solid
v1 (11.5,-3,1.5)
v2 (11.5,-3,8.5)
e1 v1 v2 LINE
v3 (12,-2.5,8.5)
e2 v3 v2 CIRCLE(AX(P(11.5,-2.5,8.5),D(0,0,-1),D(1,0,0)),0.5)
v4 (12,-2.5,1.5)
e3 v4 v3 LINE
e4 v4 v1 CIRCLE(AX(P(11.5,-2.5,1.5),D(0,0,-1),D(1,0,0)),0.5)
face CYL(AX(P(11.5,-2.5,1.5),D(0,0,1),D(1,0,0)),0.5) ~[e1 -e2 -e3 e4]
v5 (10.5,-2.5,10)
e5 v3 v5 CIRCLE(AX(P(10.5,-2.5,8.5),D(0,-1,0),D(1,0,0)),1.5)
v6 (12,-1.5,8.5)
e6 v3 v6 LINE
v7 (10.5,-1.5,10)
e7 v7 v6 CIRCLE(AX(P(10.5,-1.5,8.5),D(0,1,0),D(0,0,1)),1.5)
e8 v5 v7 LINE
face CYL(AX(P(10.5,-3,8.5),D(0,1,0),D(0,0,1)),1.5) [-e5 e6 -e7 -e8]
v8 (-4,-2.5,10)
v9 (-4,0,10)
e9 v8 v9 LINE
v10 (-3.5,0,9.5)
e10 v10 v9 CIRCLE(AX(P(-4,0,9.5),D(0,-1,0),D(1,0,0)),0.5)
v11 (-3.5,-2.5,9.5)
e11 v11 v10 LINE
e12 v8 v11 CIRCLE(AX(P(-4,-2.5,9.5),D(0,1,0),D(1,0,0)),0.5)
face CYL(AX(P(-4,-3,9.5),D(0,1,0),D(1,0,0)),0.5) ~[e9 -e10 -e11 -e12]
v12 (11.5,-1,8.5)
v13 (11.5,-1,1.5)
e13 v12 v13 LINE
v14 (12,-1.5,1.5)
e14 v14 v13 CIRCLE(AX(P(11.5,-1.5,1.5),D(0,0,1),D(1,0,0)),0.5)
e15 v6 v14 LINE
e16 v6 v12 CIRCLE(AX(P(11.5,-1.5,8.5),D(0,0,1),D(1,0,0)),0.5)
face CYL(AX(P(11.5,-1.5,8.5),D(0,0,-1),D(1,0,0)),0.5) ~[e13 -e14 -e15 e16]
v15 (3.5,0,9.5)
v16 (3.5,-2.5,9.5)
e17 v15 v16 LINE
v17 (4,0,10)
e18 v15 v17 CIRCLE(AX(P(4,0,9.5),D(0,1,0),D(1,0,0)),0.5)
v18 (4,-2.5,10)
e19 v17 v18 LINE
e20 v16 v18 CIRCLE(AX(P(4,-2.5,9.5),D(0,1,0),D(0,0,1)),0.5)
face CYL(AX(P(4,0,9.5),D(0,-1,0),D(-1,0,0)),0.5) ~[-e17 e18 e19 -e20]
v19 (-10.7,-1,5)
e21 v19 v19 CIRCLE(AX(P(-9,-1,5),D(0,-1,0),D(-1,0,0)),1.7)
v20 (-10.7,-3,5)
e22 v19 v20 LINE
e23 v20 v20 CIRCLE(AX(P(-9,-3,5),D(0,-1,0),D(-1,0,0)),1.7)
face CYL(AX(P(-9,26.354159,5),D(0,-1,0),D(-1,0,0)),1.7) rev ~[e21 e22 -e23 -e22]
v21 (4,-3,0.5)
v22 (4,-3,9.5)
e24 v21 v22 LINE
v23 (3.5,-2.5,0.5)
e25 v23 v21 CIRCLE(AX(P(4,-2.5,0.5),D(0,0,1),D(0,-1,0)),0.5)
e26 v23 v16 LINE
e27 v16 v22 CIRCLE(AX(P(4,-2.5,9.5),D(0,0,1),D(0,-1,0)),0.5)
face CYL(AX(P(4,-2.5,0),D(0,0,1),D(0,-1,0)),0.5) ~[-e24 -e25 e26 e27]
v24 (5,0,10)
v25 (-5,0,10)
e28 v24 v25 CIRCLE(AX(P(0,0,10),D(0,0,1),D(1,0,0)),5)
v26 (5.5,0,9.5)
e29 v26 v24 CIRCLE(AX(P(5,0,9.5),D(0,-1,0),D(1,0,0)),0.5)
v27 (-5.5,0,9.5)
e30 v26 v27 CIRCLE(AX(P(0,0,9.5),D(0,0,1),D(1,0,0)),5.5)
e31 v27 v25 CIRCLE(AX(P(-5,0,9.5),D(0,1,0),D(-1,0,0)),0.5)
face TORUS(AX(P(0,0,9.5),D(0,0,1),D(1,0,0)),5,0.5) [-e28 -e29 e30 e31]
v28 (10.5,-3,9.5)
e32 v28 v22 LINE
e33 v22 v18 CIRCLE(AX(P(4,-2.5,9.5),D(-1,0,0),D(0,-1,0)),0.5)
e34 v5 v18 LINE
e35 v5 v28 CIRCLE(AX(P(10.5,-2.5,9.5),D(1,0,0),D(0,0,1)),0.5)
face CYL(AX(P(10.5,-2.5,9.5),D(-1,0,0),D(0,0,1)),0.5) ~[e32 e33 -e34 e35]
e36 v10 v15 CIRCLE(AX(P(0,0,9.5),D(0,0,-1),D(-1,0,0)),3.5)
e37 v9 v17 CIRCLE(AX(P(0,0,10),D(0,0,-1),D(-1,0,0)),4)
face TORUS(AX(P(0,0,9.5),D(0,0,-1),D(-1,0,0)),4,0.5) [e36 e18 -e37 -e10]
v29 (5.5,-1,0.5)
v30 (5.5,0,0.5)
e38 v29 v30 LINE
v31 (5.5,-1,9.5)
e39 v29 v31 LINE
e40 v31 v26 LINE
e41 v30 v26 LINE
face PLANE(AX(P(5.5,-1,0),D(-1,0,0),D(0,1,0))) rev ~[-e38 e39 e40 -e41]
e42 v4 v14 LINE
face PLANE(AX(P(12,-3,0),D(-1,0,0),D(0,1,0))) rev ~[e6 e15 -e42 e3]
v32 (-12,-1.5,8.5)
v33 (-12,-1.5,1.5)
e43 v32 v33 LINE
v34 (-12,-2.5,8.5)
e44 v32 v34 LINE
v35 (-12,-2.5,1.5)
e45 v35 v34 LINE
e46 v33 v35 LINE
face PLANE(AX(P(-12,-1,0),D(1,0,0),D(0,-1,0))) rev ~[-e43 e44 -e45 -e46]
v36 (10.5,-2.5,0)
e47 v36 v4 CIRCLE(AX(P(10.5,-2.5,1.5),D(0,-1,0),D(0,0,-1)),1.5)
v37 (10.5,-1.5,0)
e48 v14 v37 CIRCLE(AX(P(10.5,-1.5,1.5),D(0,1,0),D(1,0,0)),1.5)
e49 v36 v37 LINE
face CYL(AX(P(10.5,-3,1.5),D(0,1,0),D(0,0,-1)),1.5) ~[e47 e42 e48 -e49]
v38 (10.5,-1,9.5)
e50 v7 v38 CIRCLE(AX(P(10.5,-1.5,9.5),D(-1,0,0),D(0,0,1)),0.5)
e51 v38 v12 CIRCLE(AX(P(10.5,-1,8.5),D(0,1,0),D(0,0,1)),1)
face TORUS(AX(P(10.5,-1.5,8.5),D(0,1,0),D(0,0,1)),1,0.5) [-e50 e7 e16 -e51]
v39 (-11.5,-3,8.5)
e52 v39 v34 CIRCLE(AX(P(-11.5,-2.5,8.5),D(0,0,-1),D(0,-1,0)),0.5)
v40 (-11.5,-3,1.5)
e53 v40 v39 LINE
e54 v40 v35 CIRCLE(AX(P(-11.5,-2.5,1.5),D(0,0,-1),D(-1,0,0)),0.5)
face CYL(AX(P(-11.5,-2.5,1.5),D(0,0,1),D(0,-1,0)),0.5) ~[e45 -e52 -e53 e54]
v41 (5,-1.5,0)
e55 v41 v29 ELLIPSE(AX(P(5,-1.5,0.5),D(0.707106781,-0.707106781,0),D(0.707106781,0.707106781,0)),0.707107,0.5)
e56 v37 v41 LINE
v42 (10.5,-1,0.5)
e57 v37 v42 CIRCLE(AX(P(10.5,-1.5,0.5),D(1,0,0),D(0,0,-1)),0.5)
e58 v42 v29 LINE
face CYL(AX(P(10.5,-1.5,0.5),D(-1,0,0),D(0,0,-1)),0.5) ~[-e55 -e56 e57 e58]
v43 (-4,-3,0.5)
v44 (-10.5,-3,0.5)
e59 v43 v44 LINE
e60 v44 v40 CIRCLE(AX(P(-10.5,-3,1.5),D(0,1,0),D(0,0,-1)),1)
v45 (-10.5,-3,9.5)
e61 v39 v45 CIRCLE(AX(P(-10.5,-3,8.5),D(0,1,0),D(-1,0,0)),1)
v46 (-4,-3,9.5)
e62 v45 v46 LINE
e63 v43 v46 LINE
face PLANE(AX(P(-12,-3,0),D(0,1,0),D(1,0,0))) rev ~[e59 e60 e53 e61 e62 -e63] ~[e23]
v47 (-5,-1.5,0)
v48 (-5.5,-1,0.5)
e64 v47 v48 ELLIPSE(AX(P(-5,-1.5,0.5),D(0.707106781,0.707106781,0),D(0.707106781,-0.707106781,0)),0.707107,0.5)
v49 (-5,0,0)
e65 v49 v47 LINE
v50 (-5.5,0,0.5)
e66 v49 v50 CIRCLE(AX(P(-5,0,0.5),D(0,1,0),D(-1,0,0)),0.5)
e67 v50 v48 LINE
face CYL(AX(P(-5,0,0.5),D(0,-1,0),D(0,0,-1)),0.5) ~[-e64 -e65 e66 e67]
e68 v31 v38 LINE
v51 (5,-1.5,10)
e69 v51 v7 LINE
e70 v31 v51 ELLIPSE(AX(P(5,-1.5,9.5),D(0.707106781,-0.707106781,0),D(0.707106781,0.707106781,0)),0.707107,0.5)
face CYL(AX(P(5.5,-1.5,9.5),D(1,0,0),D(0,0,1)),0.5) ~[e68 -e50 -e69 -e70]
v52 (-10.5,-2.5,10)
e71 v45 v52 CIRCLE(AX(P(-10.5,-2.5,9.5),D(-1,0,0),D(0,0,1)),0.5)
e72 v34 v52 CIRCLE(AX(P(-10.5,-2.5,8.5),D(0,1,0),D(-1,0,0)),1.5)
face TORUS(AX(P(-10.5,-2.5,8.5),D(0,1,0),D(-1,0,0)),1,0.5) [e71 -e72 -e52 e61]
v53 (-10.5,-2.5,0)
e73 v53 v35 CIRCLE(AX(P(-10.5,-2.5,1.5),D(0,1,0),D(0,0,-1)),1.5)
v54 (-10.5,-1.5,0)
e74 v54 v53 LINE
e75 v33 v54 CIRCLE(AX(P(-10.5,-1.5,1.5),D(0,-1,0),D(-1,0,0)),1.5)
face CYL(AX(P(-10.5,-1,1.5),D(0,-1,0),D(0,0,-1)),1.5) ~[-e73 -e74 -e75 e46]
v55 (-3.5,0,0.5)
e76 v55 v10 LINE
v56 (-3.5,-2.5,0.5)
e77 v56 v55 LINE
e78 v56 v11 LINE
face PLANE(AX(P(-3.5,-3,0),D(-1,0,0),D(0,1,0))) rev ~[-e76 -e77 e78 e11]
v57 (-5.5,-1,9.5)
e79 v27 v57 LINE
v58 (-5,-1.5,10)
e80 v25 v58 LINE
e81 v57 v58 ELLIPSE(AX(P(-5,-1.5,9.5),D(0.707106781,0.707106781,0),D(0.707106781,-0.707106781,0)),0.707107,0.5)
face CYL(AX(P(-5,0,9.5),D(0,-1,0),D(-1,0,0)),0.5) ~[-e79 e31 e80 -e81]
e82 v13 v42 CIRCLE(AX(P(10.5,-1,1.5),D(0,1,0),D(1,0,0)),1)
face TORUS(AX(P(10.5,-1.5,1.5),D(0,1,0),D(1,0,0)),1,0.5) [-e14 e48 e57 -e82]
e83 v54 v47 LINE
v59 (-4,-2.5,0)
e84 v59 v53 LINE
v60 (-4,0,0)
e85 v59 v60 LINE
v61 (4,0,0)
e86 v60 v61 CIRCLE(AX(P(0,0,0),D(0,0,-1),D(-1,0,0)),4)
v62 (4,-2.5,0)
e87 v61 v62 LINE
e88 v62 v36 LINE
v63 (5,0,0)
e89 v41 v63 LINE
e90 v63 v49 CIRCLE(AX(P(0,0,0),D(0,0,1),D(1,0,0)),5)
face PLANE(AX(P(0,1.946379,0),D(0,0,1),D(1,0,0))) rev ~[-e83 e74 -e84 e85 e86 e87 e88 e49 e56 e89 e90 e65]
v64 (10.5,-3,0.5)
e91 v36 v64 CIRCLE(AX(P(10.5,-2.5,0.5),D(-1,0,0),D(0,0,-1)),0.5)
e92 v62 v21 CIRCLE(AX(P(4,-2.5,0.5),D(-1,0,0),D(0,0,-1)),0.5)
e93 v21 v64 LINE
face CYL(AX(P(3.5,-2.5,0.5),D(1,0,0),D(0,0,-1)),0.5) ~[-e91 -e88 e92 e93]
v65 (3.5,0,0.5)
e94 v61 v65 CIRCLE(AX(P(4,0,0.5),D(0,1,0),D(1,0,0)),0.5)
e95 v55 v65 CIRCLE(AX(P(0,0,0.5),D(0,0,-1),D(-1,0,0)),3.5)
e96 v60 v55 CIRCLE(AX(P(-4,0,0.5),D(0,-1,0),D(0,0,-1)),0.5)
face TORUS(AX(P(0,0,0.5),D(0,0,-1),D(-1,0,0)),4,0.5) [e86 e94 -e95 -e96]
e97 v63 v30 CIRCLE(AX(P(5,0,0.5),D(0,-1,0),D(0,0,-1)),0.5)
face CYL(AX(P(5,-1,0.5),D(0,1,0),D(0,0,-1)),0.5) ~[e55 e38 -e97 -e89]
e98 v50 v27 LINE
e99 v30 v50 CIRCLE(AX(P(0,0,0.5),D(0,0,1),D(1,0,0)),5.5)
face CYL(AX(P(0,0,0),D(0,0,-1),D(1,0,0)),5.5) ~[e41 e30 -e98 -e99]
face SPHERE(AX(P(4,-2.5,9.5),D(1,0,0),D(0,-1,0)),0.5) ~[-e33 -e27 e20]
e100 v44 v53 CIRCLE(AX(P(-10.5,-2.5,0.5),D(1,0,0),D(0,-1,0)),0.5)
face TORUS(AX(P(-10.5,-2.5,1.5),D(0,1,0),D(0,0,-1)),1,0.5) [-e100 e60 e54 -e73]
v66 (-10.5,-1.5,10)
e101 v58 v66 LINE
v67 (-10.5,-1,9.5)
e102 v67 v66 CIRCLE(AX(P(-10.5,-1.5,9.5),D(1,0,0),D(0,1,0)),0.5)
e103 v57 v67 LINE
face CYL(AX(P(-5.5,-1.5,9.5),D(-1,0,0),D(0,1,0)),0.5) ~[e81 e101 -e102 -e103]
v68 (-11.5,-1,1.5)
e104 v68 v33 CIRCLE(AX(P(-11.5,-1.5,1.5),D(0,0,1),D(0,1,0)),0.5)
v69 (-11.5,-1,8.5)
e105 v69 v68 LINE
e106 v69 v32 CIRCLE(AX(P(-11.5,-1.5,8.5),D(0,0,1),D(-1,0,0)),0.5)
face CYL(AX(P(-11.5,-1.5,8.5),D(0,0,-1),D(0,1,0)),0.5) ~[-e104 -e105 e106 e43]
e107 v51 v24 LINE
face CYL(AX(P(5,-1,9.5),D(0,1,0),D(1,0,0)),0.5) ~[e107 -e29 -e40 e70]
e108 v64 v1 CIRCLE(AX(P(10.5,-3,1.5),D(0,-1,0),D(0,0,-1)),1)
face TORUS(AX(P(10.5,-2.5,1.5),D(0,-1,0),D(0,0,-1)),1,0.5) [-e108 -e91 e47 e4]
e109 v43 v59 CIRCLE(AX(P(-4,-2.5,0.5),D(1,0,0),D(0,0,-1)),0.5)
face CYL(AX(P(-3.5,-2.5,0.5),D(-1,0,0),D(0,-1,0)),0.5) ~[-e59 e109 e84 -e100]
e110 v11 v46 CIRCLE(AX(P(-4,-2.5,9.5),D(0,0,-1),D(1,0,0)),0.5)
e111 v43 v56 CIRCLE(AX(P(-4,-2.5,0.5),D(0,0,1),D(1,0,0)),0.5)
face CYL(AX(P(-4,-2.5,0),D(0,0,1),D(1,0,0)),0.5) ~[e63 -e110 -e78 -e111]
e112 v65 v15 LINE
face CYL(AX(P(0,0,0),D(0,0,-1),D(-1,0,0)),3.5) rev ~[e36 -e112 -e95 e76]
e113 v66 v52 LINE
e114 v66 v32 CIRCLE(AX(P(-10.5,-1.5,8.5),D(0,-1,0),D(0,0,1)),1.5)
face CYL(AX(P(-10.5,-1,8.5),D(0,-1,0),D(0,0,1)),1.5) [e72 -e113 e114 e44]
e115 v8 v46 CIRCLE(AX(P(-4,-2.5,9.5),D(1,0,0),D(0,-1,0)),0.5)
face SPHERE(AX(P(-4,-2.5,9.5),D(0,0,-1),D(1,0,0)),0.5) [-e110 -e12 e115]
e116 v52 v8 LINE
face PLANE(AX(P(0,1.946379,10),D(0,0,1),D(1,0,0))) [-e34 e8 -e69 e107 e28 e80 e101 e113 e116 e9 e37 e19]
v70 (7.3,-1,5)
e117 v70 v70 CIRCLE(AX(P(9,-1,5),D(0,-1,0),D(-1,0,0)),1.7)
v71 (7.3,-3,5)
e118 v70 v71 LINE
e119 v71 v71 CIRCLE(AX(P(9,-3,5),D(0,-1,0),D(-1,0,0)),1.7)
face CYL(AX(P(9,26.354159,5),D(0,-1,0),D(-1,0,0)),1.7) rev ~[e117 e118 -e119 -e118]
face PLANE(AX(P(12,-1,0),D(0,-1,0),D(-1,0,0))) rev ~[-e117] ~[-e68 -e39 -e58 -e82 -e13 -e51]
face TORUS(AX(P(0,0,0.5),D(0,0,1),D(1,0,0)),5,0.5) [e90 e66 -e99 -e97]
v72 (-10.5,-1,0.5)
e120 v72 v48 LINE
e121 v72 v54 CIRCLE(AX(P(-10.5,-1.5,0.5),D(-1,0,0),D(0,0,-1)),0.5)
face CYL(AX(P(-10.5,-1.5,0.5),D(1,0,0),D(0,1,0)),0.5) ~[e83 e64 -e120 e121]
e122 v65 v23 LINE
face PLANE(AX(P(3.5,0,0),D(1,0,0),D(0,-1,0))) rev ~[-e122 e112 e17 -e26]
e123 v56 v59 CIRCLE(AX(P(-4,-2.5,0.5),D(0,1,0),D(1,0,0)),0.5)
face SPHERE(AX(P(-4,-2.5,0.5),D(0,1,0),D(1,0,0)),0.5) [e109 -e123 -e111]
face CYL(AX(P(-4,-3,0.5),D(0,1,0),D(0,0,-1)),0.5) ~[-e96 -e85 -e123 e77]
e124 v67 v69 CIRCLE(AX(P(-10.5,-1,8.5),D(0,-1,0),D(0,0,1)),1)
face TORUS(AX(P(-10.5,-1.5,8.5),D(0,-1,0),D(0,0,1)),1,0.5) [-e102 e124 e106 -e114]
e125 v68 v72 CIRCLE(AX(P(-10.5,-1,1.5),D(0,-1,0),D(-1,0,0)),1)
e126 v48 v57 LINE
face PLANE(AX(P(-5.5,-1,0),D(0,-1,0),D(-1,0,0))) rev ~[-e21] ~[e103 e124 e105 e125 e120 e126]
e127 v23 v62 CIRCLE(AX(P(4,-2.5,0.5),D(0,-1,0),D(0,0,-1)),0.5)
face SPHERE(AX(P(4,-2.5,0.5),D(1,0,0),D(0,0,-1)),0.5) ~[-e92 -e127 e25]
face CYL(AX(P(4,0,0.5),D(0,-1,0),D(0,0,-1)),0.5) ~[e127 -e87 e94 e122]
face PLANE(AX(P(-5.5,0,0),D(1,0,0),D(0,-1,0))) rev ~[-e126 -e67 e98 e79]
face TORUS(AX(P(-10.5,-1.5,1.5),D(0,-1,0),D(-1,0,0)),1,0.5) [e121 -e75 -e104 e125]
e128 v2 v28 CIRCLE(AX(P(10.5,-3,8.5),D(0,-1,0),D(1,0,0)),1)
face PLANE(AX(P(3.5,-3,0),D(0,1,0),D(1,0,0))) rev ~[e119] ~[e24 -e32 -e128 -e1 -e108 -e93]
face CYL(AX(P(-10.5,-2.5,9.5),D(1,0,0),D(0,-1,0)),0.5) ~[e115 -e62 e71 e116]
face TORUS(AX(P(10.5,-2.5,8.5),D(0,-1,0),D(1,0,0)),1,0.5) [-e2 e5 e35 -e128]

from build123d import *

# Parameters (mm, degrees)
BOSS_EXTRUDE1_DEPTH  = 10
M3_CLEARANCE_HOLE1_D = 3.4
FILLET1_R            = 1.5
FILLET2_R            = 0.5


with BuildPart() as part:
    # Sketch1 → Boss-Extrude1 (new body)
    with BuildSketch(Plane.XY):
        with BuildLine():
            ThreePointArc((-5.5, 0), (-5.477033779, -0.502096593), (-5.408326913, -1))
            Line((-5.408326913, -1), (-3.5, -1))
            Line((-3.5, -1), (-3.5, 0))
            ThreePointArc((-3.5, 0), (0, 3.5), (3.5, 0))
            Line((3.5, 0), (3.5, -1))
            Line((3.5, -1), (5.408326913, -1))
            ThreePointArc((5.408326913, -1), (5.477033779, -0.502096593), (5.5, 0))
            ThreePointArc((5.5, 0), (0, 5.5), (-5.5, 0))
        make_face()
        with BuildLine():
            Line((5.5, -1), (5.5, 0))
            ThreePointArc((5.5, 0), (5.477033779, -0.502096593), (5.408326913, -1))
            Line((5.408326913, -1), (5.5, -1))
        make_face()
        with BuildLine():
            Line((-5.5, 0), (-5.5, -1))
            Line((-5.5, -1), (-5.408326913, -1))
            ThreePointArc((-5.408326913, -1), (-5.477033779, -0.502096593), (-5.5, 0))
        make_face()
        with BuildLine():
            Line((-5.5, -1), (-12, -1))
            Line((-12, -1), (-12, -3))
            Line((-12, -3), (-4.609772229, -3))
            ThreePointArc((-4.609772229, -3), (-5.107893656, -2.039466204), (-5.408326913, -1))
            Line((-5.408326913, -1), (-5.5, -1))
        make_face()
        with BuildLine():
            Line((-3.5, -1), (-5.408326913, -1))
            ThreePointArc((-5.408326913, -1), (-5.107893656, -2.039466204), (-4.609772229, -3))
            Line((-4.609772229, -3), (-3.5, -3))
            Line((-3.5, -3), (-3.5, -1))
        make_face()
        with BuildLine():
            Line((3.5, -3), (4.609772229, -3))
            ThreePointArc((4.609772229, -3), (5.107893656, -2.039466204), (5.408326913, -1))
            Line((5.408326913, -1), (3.5, -1))
            Line((3.5, -1), (3.5, -3))
        make_face()
        with BuildLine():
            ThreePointArc((5.408326913, -1), (5.107893656, -2.039466204), (4.609772229, -3))
            Line((4.609772229, -3), (12, -3))
            Line((12, -3), (12, -1))
            Line((12, -1), (5.5, -1))
            Line((5.5, -1), (5.408326913, -1))
        make_face()
    extrude(amount=BOSS_EXTRUDE1_DEPTH)

    # M3 Clearance Hole1 (through all)
    with Locations(Plane(origin=(0, -1, 0), x_dir=(1, 0, 0), z_dir=(0, 1, 0))):
        with Locations((9, -5), (-9, -5)):
            Hole(M3_CLEARANCE_HOLE1_D / 2)

    # Fillet1
    fillet1_edges = [part.edges().sort_by_distance(p)[0] for p in [
        (12, -2, 0),
        (-12, -2, 0),
        (-12, -2, 10),
        (12, -2, 10),
    ]]
    fillet(fillet1_edges, radius=FILLET1_R)

    # Fillet2
    fillet2_edges = [part.edges().sort_by_distance(p)[0] for p in [
        (5.5, -0.5, 10),
        (7, -3, 0),
        (0, 5.5, 10),
        (3.5, -1.5, 0),
        (0, 3.5, 0),
        (-3.5, -1.5, 0),
        (-5.5, -0.5, 0),
        (0, 5.5, 0),
        (5.5, -0.5, 0),
        (-5.5, -0.5, 10),
        (8, -1, 0),
        (3.5, -3, 5),
        (-3.5, -3, 5),
        (-3.5, -1.5, 10),
        (0, 3.5, 10),
        (8, -1, 10),
        (3.5, -1.5, 10),
        (12, -1, 5),
        (12, -3, 5),
        (11.560660172, -3, 0.439339828),
        (11.560660172, -3, 9.560660172),
        (7, -3, 10),
        (-8, -1, 10),
        (-7, -3, 10),
        (11.560660172, -1, 0.439339828),
        (11.560660172, -1, 9.560660172),
        (-7, -3, 0),
        (-8, -1, 0),
        (-12, -3, 5),
        (-12, -1, 5),
        (-11.560660172, -3, 9.560660172),
        (-11.560660172, -3, 0.439339828),
        (-11.560660172, -1, 9.560660172),
        (-11.560660172, -1, 0.439339828),
    ]]
    fillet(fillet2_edges, radius=FILLET2_R)


solid = part.part
